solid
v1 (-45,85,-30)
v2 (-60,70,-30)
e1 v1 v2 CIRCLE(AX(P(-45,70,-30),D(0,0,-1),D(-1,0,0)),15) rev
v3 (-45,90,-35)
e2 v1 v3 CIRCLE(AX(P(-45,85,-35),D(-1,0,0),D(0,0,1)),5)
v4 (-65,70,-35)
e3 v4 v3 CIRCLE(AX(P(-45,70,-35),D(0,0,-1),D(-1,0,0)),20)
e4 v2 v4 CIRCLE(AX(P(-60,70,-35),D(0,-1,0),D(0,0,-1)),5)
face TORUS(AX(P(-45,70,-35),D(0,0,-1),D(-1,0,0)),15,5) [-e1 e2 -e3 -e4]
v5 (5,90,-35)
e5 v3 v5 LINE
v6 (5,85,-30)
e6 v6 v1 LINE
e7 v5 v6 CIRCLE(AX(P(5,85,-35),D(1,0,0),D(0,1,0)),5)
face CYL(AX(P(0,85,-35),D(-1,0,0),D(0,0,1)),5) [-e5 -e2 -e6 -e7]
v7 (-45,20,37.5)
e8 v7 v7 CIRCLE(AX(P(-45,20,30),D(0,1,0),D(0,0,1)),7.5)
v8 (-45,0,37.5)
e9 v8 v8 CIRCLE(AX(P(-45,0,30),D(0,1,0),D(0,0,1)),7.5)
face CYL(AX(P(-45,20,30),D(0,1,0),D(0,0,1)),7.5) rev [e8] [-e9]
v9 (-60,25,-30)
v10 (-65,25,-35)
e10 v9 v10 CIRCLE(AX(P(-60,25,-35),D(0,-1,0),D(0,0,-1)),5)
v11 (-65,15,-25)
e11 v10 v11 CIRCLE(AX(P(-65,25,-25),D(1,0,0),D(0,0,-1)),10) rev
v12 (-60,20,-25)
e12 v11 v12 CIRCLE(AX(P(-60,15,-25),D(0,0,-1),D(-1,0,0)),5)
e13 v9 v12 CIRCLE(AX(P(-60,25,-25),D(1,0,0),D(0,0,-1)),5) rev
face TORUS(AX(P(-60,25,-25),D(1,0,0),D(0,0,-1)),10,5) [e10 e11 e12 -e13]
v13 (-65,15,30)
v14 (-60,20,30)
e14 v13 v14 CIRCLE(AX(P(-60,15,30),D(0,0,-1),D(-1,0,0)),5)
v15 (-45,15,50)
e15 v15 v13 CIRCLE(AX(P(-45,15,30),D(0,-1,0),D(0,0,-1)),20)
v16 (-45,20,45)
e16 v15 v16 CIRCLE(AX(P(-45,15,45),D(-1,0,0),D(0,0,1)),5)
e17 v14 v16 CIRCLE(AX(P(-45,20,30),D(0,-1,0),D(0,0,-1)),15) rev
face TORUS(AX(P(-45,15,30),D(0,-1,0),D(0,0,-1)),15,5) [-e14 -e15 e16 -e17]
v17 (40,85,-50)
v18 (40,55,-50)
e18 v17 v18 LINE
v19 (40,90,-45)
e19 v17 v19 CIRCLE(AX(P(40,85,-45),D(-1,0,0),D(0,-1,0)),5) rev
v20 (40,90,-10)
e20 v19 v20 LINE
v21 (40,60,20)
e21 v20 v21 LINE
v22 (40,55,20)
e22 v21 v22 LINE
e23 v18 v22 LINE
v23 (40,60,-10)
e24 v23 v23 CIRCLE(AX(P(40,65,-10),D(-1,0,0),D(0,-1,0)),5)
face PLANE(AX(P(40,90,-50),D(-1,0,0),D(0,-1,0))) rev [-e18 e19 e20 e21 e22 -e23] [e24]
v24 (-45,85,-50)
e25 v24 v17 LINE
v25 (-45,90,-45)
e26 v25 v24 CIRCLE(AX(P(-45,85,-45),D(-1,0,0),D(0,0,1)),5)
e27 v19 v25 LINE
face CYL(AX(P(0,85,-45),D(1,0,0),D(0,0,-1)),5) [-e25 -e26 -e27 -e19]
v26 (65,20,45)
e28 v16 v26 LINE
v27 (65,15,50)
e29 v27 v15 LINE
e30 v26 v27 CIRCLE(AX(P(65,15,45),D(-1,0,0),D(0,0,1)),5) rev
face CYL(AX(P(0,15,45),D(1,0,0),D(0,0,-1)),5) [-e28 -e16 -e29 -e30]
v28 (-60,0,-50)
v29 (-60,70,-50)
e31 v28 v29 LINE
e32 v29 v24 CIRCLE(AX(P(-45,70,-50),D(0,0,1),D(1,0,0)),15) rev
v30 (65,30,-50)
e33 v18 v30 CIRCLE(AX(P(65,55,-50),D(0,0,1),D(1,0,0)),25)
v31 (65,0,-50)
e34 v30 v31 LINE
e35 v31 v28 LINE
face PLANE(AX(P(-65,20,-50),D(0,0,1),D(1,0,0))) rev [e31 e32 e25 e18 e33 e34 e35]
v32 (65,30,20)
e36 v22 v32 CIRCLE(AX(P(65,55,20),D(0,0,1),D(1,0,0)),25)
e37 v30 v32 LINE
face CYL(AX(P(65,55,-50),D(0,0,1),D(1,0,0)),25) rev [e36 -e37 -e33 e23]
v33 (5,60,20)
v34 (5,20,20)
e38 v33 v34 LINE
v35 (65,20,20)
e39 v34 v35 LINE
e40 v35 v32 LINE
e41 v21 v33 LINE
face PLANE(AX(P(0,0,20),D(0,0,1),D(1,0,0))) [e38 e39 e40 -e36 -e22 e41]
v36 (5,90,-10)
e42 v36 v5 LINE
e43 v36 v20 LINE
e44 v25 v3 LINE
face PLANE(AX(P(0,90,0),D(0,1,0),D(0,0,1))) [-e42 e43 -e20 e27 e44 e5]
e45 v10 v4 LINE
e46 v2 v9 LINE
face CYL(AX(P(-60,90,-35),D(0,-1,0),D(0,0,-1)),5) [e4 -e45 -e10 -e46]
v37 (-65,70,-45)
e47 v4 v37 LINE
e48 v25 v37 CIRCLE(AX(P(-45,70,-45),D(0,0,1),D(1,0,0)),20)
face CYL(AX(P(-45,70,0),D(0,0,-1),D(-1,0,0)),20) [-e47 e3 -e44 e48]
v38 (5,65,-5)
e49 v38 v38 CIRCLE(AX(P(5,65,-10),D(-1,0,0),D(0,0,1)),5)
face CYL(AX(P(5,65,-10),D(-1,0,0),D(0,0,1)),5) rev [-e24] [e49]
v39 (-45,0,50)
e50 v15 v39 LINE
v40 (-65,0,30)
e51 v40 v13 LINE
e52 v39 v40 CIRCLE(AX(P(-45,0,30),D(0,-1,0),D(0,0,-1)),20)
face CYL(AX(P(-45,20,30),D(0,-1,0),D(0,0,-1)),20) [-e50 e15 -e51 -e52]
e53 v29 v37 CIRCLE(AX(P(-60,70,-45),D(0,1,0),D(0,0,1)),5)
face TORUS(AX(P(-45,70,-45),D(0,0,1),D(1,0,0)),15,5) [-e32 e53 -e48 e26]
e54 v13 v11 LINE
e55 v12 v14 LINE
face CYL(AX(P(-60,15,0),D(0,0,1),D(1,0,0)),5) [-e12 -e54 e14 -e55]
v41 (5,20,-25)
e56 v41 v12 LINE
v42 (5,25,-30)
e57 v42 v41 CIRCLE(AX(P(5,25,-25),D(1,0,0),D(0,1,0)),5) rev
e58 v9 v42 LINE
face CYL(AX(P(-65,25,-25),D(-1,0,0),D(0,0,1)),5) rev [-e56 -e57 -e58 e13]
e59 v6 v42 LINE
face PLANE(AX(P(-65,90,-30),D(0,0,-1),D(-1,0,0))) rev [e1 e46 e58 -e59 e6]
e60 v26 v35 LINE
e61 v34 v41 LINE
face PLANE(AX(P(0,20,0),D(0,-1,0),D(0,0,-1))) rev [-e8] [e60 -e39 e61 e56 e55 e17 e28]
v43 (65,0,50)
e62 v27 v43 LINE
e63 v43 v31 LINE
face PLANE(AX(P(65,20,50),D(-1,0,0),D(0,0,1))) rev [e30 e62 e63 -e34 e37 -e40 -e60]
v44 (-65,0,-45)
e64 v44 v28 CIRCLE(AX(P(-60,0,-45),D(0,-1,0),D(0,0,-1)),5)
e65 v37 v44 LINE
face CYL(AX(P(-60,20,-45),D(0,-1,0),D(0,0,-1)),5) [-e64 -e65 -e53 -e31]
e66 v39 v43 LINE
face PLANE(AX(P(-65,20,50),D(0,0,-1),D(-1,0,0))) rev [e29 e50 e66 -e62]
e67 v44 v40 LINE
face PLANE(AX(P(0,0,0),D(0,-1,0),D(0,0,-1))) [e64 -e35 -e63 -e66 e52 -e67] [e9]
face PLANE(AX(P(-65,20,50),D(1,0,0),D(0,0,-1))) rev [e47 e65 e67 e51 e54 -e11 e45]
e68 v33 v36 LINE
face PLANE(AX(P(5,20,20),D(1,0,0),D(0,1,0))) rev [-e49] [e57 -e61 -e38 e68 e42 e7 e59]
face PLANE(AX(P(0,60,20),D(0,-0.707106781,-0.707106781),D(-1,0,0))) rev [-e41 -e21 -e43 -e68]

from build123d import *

# Parameters (mm, degrees)
SKETCH1_W                  = 130
SKETCH1_H                  = 100
BOSS_EXTRUDE1_DEPTH        = 20
SKETCH2_W                  = 130
SKETCH2_H                  = 20
BOSS_EXTRUDE2_DEPTH        = 70
FILLET1_R                  = 20
SKETCH3_W                  = 60
SKETCH3_H                  = 70
BOSS_EXTRUDE3_DEPTH        = 50
CUT_EXTRUDE1_DEPTH         = 132.244047484
CHAMFER1_SIZE              = 30
F_10_0_10_DIAMETER_HOLE1_D = 10
F_15_0_15_DIAMETER_HOLE1_D = 15
FILLET2_R                  = 5


with BuildPart() as part:
    # Sketch1 → Boss-Extrude1 (new body)
    with BuildSketch(Plane(origin=(0, 0, 0), x_dir=(1, 0, 0), z_dir=(0, 1, 0))):
        Rectangle(SKETCH1_W, SKETCH1_H)
    extrude(amount=BOSS_EXTRUDE1_DEPTH)

    # Sketch2 → Boss-Extrude2 (add)
    with BuildSketch(Plane(origin=(0, 20, 0), x_dir=(1, 0, 0), z_dir=(0, 1, 0))):
        with Locations((0, 40)):
            Rectangle(SKETCH2_W, SKETCH2_H)
    extrude(amount=BOSS_EXTRUDE2_DEPTH)

    # Fillet1
    fillet1_edges = [part.edges().sort_by_distance(p)[0] for p in [
        (-65, 10, 50),
        (-65, 90, -40),
    ]]
    fillet(fillet1_edges, radius=FILLET1_R)

    # Sketch3 → Boss-Extrude3 (add)
    with BuildSketch(Plane.XY.offset(-30)):
        with Locations((35, 55)):
            Rectangle(SKETCH3_W, SKETCH3_H)
    extrude(amount=BOSS_EXTRUDE3_DEPTH)

    # Sketch4 → Cut-Extrude1 (cut, through all)
    with BuildSketch(Plane.XY.offset(20)):
        with BuildLine():
            Line((40, 90), (40, 55))
            ThreePointArc((40, 55), (47.32233047, 37.32233047), (65, 30))
            Line((65, 30), (65, 90))
            Line((65, 90), (40, 90))
        make_face()
    extrude(amount=-CUT_EXTRUDE1_DEPTH, mode=Mode.SUBTRACT)

    # Chamfer1
    chamfer1_edges = [part.edges().sort_by_distance(p)[0] for p in [
        (22.5, 90, 20),
    ]]
    chamfer(chamfer1_edges, length=CHAMFER1_SIZE)

    # Ø10.0 (10) Diameter Hole1 (through all)
    with Locations(Plane.ZY.offset(-5)):
        with Locations((-10, 65)):
            Hole(F_10_0_10_DIAMETER_HOLE1_D / 2)

    # Ø15.0 (15) Diameter Hole1 (through all)
    with Locations(Plane(origin=(0, 20, 0), x_dir=(1, 0, 0), z_dir=(0, 1, 0))):
        with Locations((-45, -30)):
            Hole(F_15_0_15_DIAMETER_HOLE1_D / 2)

    # Fillet2
    fillet2_edges = [part.edges().sort_by_distance(p)[0] for p in [
        (-65, 20, 0),
        (10, 20, 50),
        (-65, 35, -50),
        (-2.5, 90, -50),
        (-20, 90, -30),
        (-65, 45, -30),
        (-59.142135624, 20, 44.142135624),
        (-59.142135624, 84.142135624, -50),
        (-59.142135624, 84.142135624, -30),
        (-30, 20, -30),
    ]]
    fillet(fillet2_edges, radius=FILLET2_R)


solid = part.part
